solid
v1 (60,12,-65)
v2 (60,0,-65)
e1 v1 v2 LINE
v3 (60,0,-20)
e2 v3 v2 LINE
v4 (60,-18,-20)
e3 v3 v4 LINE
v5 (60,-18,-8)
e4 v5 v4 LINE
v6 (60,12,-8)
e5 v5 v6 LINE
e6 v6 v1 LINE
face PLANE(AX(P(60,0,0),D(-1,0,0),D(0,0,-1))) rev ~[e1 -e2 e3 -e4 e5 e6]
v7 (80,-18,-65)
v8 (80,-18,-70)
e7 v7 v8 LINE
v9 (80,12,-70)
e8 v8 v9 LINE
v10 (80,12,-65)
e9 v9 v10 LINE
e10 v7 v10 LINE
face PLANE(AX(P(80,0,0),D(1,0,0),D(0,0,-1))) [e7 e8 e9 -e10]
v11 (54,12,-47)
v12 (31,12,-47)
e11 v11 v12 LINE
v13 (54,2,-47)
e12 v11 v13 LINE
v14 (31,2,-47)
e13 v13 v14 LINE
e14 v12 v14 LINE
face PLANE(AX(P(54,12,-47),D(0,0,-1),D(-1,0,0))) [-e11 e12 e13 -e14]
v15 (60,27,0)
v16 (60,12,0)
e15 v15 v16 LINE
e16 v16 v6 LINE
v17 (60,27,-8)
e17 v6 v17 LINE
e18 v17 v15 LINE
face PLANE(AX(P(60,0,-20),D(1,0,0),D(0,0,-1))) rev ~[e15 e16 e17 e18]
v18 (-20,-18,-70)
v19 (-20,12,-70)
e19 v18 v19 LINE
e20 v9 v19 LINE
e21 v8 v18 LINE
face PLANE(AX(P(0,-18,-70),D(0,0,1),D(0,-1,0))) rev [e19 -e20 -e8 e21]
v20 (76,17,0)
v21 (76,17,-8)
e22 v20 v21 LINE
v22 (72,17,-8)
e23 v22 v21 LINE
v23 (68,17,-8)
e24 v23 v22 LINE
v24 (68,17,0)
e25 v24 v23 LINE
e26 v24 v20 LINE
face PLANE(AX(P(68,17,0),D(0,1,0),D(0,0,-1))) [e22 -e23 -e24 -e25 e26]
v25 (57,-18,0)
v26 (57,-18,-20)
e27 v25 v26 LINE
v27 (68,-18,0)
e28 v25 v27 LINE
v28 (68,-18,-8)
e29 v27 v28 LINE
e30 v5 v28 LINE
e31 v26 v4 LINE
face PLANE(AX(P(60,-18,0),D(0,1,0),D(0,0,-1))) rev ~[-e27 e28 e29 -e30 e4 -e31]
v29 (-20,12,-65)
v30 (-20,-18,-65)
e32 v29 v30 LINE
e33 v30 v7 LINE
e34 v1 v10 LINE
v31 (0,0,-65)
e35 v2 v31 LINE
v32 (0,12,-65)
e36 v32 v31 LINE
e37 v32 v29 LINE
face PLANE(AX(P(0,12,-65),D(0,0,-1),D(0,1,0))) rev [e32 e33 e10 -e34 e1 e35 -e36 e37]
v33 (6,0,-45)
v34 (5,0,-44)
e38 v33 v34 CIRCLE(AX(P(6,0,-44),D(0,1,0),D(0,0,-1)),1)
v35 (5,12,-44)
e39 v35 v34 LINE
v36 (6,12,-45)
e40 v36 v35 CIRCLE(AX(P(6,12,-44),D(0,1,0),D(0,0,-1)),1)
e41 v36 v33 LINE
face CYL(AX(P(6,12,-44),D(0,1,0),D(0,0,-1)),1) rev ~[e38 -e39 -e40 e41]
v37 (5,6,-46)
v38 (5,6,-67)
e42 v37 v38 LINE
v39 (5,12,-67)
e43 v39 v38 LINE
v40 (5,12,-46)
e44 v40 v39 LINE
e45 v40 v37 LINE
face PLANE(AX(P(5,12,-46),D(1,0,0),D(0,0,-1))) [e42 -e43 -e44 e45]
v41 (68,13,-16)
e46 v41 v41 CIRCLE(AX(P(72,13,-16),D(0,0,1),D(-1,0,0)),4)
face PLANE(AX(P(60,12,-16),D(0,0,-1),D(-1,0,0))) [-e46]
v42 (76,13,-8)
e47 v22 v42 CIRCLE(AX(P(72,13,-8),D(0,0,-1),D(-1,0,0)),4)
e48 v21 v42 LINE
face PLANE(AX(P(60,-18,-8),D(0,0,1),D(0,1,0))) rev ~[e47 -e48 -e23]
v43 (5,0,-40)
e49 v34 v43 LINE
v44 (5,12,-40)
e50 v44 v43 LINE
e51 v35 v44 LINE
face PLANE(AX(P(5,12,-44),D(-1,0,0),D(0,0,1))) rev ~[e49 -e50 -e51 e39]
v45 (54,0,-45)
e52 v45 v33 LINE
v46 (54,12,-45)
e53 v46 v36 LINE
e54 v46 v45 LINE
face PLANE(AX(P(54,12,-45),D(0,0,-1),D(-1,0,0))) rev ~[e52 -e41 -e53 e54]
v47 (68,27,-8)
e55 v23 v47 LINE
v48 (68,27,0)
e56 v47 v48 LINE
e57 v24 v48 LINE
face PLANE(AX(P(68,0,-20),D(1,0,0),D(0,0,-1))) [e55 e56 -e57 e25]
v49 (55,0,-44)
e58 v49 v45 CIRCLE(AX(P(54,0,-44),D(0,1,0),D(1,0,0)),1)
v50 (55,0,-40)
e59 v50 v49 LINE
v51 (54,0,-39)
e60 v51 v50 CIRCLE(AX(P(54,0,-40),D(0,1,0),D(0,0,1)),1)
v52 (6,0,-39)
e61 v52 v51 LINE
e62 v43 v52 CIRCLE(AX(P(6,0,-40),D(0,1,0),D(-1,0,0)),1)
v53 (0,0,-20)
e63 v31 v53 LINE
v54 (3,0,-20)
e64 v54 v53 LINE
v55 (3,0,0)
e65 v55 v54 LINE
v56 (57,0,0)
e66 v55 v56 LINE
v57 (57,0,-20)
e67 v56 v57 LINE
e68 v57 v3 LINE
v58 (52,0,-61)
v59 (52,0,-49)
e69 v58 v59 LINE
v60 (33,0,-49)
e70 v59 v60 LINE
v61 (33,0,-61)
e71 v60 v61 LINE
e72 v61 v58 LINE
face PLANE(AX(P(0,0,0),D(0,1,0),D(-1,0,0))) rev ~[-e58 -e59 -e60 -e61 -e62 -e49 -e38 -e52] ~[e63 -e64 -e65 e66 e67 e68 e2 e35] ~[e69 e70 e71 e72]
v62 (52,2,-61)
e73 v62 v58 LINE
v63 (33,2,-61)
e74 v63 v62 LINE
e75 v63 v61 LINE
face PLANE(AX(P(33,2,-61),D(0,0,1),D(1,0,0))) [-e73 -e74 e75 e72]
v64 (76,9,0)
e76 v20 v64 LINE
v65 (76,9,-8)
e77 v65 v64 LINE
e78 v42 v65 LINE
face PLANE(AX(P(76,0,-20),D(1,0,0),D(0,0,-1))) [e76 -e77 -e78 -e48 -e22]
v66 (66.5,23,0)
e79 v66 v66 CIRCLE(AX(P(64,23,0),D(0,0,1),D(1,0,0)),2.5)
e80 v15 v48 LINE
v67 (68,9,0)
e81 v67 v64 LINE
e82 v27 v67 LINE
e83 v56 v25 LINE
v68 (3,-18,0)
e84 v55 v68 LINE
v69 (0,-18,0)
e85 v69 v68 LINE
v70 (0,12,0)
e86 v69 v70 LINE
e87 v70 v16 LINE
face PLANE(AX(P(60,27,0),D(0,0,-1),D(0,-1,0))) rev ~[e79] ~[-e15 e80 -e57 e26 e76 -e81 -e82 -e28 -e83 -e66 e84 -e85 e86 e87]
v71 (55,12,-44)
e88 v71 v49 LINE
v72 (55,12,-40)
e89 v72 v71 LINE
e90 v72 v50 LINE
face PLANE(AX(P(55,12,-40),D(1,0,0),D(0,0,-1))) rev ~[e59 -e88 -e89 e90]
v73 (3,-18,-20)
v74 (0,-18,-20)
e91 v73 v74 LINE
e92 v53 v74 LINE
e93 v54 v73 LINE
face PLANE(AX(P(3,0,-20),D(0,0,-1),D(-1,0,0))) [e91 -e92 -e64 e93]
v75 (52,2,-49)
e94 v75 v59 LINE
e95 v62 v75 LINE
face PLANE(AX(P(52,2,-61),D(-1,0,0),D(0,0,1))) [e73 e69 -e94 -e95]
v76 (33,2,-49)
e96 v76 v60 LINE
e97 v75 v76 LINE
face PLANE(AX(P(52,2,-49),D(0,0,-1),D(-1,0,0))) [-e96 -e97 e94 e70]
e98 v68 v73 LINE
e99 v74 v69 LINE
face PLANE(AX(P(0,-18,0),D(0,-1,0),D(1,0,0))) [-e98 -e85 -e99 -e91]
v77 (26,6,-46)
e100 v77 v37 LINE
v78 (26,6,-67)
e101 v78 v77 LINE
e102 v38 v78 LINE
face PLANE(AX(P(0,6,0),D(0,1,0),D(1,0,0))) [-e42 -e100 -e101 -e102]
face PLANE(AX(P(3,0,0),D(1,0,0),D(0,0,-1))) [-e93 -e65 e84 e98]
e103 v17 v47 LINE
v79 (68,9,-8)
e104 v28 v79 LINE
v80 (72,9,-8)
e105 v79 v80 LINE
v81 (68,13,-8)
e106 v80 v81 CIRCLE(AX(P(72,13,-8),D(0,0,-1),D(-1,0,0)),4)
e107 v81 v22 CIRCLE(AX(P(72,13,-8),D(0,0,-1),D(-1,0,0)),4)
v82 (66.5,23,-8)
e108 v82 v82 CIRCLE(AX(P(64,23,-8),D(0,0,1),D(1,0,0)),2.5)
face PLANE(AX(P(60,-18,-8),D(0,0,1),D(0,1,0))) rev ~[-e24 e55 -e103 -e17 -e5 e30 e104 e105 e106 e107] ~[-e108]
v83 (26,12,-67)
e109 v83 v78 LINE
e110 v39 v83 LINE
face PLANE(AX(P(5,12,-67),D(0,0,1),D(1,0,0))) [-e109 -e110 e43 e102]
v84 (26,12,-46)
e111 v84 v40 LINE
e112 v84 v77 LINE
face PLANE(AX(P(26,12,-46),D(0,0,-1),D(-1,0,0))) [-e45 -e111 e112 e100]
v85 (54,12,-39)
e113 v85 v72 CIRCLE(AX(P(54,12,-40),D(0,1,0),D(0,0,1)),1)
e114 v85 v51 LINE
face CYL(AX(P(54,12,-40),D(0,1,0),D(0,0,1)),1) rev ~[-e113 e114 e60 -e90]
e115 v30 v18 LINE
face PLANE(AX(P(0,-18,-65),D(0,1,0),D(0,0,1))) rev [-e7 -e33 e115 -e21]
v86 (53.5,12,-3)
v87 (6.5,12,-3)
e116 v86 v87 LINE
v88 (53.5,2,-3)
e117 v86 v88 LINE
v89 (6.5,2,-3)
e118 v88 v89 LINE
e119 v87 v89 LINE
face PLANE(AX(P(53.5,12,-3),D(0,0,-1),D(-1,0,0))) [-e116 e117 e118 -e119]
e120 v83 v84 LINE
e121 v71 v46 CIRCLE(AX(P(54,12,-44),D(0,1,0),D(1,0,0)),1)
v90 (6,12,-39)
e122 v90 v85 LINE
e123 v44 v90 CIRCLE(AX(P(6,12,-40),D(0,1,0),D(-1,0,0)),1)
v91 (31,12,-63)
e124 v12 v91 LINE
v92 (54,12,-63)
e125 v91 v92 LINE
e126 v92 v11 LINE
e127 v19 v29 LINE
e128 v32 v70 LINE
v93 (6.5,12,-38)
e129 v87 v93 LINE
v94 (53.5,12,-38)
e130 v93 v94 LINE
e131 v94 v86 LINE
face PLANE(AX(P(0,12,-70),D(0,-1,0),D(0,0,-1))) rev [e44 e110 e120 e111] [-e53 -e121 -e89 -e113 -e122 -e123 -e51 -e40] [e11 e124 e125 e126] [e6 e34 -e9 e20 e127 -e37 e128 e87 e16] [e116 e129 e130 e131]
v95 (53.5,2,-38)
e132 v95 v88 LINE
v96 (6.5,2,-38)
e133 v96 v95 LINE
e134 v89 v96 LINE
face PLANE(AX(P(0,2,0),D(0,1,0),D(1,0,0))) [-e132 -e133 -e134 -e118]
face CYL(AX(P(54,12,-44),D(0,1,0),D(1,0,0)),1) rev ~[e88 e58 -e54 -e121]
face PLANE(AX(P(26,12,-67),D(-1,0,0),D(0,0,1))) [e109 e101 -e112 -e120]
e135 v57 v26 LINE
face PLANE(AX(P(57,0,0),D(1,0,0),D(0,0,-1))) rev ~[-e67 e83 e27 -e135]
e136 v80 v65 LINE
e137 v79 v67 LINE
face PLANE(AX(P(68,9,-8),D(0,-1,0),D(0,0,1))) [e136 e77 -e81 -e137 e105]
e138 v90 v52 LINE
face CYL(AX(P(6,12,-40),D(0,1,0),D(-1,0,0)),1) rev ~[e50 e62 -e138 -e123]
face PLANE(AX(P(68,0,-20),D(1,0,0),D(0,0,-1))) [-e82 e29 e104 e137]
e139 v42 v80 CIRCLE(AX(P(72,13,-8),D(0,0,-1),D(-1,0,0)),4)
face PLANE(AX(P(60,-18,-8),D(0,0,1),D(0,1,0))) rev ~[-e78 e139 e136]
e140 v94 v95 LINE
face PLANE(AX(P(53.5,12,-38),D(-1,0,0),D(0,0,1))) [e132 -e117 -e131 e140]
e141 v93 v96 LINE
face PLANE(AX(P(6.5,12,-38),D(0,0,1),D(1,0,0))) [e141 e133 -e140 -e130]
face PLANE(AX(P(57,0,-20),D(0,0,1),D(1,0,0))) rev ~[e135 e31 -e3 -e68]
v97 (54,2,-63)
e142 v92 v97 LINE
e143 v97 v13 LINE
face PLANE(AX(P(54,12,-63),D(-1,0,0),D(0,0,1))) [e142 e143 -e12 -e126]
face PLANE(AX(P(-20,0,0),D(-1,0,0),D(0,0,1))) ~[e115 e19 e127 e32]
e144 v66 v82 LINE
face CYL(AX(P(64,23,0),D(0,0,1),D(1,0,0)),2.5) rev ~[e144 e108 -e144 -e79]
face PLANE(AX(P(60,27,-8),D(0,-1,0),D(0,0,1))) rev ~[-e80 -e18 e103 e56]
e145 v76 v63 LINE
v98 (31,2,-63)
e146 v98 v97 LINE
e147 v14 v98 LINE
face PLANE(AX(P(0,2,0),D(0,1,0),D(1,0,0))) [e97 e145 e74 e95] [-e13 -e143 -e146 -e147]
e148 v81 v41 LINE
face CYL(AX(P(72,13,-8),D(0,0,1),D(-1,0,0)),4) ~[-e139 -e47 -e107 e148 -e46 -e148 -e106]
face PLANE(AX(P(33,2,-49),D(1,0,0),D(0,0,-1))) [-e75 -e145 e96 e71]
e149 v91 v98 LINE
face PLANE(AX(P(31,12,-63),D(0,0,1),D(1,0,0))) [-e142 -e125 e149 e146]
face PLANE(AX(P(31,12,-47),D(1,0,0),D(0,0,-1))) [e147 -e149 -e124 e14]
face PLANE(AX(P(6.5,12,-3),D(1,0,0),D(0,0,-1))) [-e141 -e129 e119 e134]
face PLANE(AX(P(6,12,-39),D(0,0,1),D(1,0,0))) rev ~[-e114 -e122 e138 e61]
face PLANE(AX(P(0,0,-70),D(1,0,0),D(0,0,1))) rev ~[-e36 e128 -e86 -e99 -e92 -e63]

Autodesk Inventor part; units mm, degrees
ref_plane "YZ Plane" through (0, 0, 0) normal (1, 0, 0) x (0, 1, 0)
ref_plane "XZ Plane" through (0, 0, 0) normal (0, 1, 0) x (-1, 0, 0)
sketch "Sketch1" plane through (0, 0, 0) normal (0, 1, 0) x (-1, 0, 0)
  line L0 (0, 0) -> (-60, 0)
  line L1 (-60, 0) -> (-60, -70)
  line L2 (-60, -70) -> (0, -70)
  line L3 (0, -70) -> (0, 0)
  dimension "d0" = 60
  dimension "d1" = 70
extrude "Extrusion1" add sketch "Sketch1" along normal blind 12
sketch "Sketch2" plane through (0, 0, 0) normal (0, -1, 0) x (1, 0, 0)
  line L0 (60, -70) -> (0, -70) projected
  line L1 (60, 0) -> (60, -70) projected
  line L2 (0, -70) -> (60, -70)
  line L3 (60, -70) -> (60, -65)
  line L4 (60, -65) -> (0, -65)
  line L5 (0, -65) -> (0, -70)
  line L6 (60, 0) -> (57, 0)
  line L7 (57, 0) -> (57, -20)
  line L8 (57, -20) -> (60, -20)
  line L9 (60, -20) -> (60, 0)
  line L10 (0, -70) -> (0, 0) projected
  line L11 (0, 0) -> (3, 0)
  line L12 (3, 0) -> (3, -20)
  line L13 (3, -20) -> (0, -20)
  line L14 (0, -20) -> (0, 0)
  point P0 (0, -20)
  dimension "d4" = 5
  dimension "d9" = 3
  dimension "d10" = 20
  dimension "d11" = 3
  dimension "d12" = 20
extrude "Extrusion2" add sketch "Sketch2" along normal blind 18
sketch "Sketch3" plane through (60, 0, 0) normal (1, 0, 0) x (0, 0, -1)
  line L0 (65, 0) -> (65, -18) projected
  line L1 (70, -18) -> (70, 12) projected
  line L2 (65, -18) -> (70, -18)
  line L3 (70, -18) -> (70, 12)
  line L4 (70, 12) -> (65, 12)
  line L5 (65, 12) -> (65, -18)
  point P0 (0, 0)
extrude "Extrusion3" add sketch "Sketch3" along normal blind 20
ref_plane "Work Plane1" through (30, 0, 0) normal (1, 0, 0) x (0, 0, -1)
mirror "Mirror1" about plane through (30, 0, 0) normal (1, 0, 0) of "Extrusion3"
sketch "Sketch4" plane through (0, 12, 0) normal (0, 1, 0) x (1, 0, 0)
  line L0 (6.5, 38) -> (53.5, 38)
  line L1 (53.5, 38) -> (53.5, 3)
  line L2 (53.5, 3) -> (6.5, 3)
  line L3 (6.5, 3) -> (6.5, 38)
  line L4 (5, 67) -> (26, 67)
  line L5 (26, 67) -> (26, 46)
  line L6 (26, 46) -> (5, 46)
  line L7 (5, 46) -> (5, 67)
  line L8 (31, 63) -> (54, 63)
  line L9 (54, 63) -> (54, 47)
  line L10 (54, 47) -> (31, 47)
  line L11 (31, 47) -> (31, 63)
  line L12 (0, 0) -> (60, 0) projected
  line L13 (-20, 70) -> (80, 70) projected
  line L14 (0, 65) -> (0, 0) projected
  line L15 (60, 0) -> (60, 65) projected
  point P0 (30, 38)
  point P1 (30, 0)
  dimension "d13" = 47
  dimension "d14" = 35
  dimension "d15" = 21
  dimension "d16" = 21
  dimension "d17" = 23
  dimension "d18" = 16
  dimension "d19" = 3
  dimension "d20" = 7
  dimension "d21" = 3
  dimension "d30" = 5
  dimension "d31" = 6
sketch "Sketch5" plane through (0, 12, 0) normal (0, 1, 0) x (1, 0, 0)
  line L0 (54, 45) -> (6, 45)
  line L1 (5, 44) -> (5, 40)
  line L2 (6, 39) -> (54, 39)
  line L3 (55, 40) -> (55, 44)
  line L4 (26, 46) -> (5, 46) projected
  line L5 (-20, 70) -> (80, 70) projected
  line L6 (0, 65) -> (0, 0) projected
  arc A0 (54, 39) -> (55, 40) centre (54, 40) ccw
  arc A1 (55, 44) -> (54, 45) centre (54, 44) ccw
  arc A2 (6, 45) -> (5, 44) centre (6, 44) ccw
  arc A3 (5, 40) -> (6, 39) centre (6, 40) ccw
  point P0 (55, 45)
  point P1 (5, 39)
  point P2 (55, 39)
  dimension "d22" = 50
  dimension "d23" = 25
  dimension "d24" = 6
  dimension "d25" = 5
  dimension "d26" = 1
  dimension "d27" = 1
extrude "Extrusion4" cut sketch "Sketch5" against normal blind 25
extrude "Extrusion5" cut sketch "Sketch4" against normal blind 10
sketch "Sketch6" plane through (0, 2, 0) normal (0, 1, 0) x (1, 0, 0)
  line L0 (54, 47) -> (31, 47) projected
  line L1 (54, 63) -> (54, 47) projected
  line L2 (31, 63) -> (54, 63) projected
  line L3 (31, 47) -> (31, 63) projected
  line L4 (33, 61) -> (52, 61)
  line L5 (52, 61) -> (52, 49)
  line L6 (52, 49) -> (33, 49)
  line L7 (33, 49) -> (33, 61)
  point P0 (0, 0)
  dimension "d34" = 2
extrude "Extrusion6" cut sketch "Sketch6" against normal blind 12 contours L4 L5 L6 L7
sketch "Sketch7" plane through (0, 2, 0) normal (0, 1, 0) x (1, 0, 0)
  point P0 (0, 0)
sketch "Sketch8" plane through (0, 2, 0) normal (0, 1, 0) x (1, 0, 0)
  line L0 (26, 46) -> (5, 46) projected
  line L1 (26, 67) -> (26, 46) projected
  line L2 (5, 67) -> (26, 67) projected
  line L3 (5, 46) -> (5, 67) projected
  point P0 (0, 0)
extrude "Extrusion7" add sketch "Sketch8" along normal blind 4
sketch "Sketch9" plane through (60, 0, -20) normal (1, 0, 0) x (0, 0, -1)
  line L0 (-20, 12) -> (-20, -18) projected
  line L1 (-20, -18) -> (-12, -18)
  line L2 (-12, -18) -> (-12, 27)
  line L3 (-12, 27) -> (-20, 27)
  line L4 (-20, 27) -> (-20, -18)
  point P0 (-20, 0)
  dimension "d39" = 8
  dimension "d40" = 45
extrude "Extrusion8" add sketch "Sketch9" along normal blind 8
sketch "Sketch10" plane through (3, 0, 0) normal (0, 0, 1) x (1, 0, 0)
  circle A0 centre (61, 23) radius 2.5
  line L0 (57, 27) -> (65, 27) projected
  point P0 (-3, 0)
  point P1 (61, 27)
  dimension "d43" = 5
  dimension "d44" = 4
extrude "Extrusion9" cut sketch "Sketch10" against normal blind 10
sketch "Sketch12" plane through (68, 0, -20) normal (1, 0, 0) x (0, 0, -1)
  line L0 (-20, 27) -> (-20, -18) projected
  line L1 (-12, 12) -> (-12, -18) projected
  line L2 (-20, 17) -> (-12, 17)
  line L3 (-12, 17) -> (-12, 9)
  line L4 (-12, 9) -> (-20, 9)
  line L5 (-20, 9) -> (-20, 17)
  line L6 (-12, 27) -> (-20, 27) projected
  point P0 (-20, 0)
  dimension "d47" = 10
  dimension "d48" = 8
extrude "Extrusion10" add sketch "Sketch12" along normal blind 8
sketch "Sketch13" plane through (60, 12, -8) normal (0, 0, -1) x (-1, 0, 0)
  circle A0 centre (-12, 1) radius 4
  line L0 (-8, 5) -> (-16, 5) projected
  line L1 (-16, -3) -> (-16, 5) projected
  point P0 (60, -12)
  dimension "d51" = 8
extrude "Extrusion11" add sketch "Sketch13" along normal blind 8 contours A0
properties part number "Platform"
